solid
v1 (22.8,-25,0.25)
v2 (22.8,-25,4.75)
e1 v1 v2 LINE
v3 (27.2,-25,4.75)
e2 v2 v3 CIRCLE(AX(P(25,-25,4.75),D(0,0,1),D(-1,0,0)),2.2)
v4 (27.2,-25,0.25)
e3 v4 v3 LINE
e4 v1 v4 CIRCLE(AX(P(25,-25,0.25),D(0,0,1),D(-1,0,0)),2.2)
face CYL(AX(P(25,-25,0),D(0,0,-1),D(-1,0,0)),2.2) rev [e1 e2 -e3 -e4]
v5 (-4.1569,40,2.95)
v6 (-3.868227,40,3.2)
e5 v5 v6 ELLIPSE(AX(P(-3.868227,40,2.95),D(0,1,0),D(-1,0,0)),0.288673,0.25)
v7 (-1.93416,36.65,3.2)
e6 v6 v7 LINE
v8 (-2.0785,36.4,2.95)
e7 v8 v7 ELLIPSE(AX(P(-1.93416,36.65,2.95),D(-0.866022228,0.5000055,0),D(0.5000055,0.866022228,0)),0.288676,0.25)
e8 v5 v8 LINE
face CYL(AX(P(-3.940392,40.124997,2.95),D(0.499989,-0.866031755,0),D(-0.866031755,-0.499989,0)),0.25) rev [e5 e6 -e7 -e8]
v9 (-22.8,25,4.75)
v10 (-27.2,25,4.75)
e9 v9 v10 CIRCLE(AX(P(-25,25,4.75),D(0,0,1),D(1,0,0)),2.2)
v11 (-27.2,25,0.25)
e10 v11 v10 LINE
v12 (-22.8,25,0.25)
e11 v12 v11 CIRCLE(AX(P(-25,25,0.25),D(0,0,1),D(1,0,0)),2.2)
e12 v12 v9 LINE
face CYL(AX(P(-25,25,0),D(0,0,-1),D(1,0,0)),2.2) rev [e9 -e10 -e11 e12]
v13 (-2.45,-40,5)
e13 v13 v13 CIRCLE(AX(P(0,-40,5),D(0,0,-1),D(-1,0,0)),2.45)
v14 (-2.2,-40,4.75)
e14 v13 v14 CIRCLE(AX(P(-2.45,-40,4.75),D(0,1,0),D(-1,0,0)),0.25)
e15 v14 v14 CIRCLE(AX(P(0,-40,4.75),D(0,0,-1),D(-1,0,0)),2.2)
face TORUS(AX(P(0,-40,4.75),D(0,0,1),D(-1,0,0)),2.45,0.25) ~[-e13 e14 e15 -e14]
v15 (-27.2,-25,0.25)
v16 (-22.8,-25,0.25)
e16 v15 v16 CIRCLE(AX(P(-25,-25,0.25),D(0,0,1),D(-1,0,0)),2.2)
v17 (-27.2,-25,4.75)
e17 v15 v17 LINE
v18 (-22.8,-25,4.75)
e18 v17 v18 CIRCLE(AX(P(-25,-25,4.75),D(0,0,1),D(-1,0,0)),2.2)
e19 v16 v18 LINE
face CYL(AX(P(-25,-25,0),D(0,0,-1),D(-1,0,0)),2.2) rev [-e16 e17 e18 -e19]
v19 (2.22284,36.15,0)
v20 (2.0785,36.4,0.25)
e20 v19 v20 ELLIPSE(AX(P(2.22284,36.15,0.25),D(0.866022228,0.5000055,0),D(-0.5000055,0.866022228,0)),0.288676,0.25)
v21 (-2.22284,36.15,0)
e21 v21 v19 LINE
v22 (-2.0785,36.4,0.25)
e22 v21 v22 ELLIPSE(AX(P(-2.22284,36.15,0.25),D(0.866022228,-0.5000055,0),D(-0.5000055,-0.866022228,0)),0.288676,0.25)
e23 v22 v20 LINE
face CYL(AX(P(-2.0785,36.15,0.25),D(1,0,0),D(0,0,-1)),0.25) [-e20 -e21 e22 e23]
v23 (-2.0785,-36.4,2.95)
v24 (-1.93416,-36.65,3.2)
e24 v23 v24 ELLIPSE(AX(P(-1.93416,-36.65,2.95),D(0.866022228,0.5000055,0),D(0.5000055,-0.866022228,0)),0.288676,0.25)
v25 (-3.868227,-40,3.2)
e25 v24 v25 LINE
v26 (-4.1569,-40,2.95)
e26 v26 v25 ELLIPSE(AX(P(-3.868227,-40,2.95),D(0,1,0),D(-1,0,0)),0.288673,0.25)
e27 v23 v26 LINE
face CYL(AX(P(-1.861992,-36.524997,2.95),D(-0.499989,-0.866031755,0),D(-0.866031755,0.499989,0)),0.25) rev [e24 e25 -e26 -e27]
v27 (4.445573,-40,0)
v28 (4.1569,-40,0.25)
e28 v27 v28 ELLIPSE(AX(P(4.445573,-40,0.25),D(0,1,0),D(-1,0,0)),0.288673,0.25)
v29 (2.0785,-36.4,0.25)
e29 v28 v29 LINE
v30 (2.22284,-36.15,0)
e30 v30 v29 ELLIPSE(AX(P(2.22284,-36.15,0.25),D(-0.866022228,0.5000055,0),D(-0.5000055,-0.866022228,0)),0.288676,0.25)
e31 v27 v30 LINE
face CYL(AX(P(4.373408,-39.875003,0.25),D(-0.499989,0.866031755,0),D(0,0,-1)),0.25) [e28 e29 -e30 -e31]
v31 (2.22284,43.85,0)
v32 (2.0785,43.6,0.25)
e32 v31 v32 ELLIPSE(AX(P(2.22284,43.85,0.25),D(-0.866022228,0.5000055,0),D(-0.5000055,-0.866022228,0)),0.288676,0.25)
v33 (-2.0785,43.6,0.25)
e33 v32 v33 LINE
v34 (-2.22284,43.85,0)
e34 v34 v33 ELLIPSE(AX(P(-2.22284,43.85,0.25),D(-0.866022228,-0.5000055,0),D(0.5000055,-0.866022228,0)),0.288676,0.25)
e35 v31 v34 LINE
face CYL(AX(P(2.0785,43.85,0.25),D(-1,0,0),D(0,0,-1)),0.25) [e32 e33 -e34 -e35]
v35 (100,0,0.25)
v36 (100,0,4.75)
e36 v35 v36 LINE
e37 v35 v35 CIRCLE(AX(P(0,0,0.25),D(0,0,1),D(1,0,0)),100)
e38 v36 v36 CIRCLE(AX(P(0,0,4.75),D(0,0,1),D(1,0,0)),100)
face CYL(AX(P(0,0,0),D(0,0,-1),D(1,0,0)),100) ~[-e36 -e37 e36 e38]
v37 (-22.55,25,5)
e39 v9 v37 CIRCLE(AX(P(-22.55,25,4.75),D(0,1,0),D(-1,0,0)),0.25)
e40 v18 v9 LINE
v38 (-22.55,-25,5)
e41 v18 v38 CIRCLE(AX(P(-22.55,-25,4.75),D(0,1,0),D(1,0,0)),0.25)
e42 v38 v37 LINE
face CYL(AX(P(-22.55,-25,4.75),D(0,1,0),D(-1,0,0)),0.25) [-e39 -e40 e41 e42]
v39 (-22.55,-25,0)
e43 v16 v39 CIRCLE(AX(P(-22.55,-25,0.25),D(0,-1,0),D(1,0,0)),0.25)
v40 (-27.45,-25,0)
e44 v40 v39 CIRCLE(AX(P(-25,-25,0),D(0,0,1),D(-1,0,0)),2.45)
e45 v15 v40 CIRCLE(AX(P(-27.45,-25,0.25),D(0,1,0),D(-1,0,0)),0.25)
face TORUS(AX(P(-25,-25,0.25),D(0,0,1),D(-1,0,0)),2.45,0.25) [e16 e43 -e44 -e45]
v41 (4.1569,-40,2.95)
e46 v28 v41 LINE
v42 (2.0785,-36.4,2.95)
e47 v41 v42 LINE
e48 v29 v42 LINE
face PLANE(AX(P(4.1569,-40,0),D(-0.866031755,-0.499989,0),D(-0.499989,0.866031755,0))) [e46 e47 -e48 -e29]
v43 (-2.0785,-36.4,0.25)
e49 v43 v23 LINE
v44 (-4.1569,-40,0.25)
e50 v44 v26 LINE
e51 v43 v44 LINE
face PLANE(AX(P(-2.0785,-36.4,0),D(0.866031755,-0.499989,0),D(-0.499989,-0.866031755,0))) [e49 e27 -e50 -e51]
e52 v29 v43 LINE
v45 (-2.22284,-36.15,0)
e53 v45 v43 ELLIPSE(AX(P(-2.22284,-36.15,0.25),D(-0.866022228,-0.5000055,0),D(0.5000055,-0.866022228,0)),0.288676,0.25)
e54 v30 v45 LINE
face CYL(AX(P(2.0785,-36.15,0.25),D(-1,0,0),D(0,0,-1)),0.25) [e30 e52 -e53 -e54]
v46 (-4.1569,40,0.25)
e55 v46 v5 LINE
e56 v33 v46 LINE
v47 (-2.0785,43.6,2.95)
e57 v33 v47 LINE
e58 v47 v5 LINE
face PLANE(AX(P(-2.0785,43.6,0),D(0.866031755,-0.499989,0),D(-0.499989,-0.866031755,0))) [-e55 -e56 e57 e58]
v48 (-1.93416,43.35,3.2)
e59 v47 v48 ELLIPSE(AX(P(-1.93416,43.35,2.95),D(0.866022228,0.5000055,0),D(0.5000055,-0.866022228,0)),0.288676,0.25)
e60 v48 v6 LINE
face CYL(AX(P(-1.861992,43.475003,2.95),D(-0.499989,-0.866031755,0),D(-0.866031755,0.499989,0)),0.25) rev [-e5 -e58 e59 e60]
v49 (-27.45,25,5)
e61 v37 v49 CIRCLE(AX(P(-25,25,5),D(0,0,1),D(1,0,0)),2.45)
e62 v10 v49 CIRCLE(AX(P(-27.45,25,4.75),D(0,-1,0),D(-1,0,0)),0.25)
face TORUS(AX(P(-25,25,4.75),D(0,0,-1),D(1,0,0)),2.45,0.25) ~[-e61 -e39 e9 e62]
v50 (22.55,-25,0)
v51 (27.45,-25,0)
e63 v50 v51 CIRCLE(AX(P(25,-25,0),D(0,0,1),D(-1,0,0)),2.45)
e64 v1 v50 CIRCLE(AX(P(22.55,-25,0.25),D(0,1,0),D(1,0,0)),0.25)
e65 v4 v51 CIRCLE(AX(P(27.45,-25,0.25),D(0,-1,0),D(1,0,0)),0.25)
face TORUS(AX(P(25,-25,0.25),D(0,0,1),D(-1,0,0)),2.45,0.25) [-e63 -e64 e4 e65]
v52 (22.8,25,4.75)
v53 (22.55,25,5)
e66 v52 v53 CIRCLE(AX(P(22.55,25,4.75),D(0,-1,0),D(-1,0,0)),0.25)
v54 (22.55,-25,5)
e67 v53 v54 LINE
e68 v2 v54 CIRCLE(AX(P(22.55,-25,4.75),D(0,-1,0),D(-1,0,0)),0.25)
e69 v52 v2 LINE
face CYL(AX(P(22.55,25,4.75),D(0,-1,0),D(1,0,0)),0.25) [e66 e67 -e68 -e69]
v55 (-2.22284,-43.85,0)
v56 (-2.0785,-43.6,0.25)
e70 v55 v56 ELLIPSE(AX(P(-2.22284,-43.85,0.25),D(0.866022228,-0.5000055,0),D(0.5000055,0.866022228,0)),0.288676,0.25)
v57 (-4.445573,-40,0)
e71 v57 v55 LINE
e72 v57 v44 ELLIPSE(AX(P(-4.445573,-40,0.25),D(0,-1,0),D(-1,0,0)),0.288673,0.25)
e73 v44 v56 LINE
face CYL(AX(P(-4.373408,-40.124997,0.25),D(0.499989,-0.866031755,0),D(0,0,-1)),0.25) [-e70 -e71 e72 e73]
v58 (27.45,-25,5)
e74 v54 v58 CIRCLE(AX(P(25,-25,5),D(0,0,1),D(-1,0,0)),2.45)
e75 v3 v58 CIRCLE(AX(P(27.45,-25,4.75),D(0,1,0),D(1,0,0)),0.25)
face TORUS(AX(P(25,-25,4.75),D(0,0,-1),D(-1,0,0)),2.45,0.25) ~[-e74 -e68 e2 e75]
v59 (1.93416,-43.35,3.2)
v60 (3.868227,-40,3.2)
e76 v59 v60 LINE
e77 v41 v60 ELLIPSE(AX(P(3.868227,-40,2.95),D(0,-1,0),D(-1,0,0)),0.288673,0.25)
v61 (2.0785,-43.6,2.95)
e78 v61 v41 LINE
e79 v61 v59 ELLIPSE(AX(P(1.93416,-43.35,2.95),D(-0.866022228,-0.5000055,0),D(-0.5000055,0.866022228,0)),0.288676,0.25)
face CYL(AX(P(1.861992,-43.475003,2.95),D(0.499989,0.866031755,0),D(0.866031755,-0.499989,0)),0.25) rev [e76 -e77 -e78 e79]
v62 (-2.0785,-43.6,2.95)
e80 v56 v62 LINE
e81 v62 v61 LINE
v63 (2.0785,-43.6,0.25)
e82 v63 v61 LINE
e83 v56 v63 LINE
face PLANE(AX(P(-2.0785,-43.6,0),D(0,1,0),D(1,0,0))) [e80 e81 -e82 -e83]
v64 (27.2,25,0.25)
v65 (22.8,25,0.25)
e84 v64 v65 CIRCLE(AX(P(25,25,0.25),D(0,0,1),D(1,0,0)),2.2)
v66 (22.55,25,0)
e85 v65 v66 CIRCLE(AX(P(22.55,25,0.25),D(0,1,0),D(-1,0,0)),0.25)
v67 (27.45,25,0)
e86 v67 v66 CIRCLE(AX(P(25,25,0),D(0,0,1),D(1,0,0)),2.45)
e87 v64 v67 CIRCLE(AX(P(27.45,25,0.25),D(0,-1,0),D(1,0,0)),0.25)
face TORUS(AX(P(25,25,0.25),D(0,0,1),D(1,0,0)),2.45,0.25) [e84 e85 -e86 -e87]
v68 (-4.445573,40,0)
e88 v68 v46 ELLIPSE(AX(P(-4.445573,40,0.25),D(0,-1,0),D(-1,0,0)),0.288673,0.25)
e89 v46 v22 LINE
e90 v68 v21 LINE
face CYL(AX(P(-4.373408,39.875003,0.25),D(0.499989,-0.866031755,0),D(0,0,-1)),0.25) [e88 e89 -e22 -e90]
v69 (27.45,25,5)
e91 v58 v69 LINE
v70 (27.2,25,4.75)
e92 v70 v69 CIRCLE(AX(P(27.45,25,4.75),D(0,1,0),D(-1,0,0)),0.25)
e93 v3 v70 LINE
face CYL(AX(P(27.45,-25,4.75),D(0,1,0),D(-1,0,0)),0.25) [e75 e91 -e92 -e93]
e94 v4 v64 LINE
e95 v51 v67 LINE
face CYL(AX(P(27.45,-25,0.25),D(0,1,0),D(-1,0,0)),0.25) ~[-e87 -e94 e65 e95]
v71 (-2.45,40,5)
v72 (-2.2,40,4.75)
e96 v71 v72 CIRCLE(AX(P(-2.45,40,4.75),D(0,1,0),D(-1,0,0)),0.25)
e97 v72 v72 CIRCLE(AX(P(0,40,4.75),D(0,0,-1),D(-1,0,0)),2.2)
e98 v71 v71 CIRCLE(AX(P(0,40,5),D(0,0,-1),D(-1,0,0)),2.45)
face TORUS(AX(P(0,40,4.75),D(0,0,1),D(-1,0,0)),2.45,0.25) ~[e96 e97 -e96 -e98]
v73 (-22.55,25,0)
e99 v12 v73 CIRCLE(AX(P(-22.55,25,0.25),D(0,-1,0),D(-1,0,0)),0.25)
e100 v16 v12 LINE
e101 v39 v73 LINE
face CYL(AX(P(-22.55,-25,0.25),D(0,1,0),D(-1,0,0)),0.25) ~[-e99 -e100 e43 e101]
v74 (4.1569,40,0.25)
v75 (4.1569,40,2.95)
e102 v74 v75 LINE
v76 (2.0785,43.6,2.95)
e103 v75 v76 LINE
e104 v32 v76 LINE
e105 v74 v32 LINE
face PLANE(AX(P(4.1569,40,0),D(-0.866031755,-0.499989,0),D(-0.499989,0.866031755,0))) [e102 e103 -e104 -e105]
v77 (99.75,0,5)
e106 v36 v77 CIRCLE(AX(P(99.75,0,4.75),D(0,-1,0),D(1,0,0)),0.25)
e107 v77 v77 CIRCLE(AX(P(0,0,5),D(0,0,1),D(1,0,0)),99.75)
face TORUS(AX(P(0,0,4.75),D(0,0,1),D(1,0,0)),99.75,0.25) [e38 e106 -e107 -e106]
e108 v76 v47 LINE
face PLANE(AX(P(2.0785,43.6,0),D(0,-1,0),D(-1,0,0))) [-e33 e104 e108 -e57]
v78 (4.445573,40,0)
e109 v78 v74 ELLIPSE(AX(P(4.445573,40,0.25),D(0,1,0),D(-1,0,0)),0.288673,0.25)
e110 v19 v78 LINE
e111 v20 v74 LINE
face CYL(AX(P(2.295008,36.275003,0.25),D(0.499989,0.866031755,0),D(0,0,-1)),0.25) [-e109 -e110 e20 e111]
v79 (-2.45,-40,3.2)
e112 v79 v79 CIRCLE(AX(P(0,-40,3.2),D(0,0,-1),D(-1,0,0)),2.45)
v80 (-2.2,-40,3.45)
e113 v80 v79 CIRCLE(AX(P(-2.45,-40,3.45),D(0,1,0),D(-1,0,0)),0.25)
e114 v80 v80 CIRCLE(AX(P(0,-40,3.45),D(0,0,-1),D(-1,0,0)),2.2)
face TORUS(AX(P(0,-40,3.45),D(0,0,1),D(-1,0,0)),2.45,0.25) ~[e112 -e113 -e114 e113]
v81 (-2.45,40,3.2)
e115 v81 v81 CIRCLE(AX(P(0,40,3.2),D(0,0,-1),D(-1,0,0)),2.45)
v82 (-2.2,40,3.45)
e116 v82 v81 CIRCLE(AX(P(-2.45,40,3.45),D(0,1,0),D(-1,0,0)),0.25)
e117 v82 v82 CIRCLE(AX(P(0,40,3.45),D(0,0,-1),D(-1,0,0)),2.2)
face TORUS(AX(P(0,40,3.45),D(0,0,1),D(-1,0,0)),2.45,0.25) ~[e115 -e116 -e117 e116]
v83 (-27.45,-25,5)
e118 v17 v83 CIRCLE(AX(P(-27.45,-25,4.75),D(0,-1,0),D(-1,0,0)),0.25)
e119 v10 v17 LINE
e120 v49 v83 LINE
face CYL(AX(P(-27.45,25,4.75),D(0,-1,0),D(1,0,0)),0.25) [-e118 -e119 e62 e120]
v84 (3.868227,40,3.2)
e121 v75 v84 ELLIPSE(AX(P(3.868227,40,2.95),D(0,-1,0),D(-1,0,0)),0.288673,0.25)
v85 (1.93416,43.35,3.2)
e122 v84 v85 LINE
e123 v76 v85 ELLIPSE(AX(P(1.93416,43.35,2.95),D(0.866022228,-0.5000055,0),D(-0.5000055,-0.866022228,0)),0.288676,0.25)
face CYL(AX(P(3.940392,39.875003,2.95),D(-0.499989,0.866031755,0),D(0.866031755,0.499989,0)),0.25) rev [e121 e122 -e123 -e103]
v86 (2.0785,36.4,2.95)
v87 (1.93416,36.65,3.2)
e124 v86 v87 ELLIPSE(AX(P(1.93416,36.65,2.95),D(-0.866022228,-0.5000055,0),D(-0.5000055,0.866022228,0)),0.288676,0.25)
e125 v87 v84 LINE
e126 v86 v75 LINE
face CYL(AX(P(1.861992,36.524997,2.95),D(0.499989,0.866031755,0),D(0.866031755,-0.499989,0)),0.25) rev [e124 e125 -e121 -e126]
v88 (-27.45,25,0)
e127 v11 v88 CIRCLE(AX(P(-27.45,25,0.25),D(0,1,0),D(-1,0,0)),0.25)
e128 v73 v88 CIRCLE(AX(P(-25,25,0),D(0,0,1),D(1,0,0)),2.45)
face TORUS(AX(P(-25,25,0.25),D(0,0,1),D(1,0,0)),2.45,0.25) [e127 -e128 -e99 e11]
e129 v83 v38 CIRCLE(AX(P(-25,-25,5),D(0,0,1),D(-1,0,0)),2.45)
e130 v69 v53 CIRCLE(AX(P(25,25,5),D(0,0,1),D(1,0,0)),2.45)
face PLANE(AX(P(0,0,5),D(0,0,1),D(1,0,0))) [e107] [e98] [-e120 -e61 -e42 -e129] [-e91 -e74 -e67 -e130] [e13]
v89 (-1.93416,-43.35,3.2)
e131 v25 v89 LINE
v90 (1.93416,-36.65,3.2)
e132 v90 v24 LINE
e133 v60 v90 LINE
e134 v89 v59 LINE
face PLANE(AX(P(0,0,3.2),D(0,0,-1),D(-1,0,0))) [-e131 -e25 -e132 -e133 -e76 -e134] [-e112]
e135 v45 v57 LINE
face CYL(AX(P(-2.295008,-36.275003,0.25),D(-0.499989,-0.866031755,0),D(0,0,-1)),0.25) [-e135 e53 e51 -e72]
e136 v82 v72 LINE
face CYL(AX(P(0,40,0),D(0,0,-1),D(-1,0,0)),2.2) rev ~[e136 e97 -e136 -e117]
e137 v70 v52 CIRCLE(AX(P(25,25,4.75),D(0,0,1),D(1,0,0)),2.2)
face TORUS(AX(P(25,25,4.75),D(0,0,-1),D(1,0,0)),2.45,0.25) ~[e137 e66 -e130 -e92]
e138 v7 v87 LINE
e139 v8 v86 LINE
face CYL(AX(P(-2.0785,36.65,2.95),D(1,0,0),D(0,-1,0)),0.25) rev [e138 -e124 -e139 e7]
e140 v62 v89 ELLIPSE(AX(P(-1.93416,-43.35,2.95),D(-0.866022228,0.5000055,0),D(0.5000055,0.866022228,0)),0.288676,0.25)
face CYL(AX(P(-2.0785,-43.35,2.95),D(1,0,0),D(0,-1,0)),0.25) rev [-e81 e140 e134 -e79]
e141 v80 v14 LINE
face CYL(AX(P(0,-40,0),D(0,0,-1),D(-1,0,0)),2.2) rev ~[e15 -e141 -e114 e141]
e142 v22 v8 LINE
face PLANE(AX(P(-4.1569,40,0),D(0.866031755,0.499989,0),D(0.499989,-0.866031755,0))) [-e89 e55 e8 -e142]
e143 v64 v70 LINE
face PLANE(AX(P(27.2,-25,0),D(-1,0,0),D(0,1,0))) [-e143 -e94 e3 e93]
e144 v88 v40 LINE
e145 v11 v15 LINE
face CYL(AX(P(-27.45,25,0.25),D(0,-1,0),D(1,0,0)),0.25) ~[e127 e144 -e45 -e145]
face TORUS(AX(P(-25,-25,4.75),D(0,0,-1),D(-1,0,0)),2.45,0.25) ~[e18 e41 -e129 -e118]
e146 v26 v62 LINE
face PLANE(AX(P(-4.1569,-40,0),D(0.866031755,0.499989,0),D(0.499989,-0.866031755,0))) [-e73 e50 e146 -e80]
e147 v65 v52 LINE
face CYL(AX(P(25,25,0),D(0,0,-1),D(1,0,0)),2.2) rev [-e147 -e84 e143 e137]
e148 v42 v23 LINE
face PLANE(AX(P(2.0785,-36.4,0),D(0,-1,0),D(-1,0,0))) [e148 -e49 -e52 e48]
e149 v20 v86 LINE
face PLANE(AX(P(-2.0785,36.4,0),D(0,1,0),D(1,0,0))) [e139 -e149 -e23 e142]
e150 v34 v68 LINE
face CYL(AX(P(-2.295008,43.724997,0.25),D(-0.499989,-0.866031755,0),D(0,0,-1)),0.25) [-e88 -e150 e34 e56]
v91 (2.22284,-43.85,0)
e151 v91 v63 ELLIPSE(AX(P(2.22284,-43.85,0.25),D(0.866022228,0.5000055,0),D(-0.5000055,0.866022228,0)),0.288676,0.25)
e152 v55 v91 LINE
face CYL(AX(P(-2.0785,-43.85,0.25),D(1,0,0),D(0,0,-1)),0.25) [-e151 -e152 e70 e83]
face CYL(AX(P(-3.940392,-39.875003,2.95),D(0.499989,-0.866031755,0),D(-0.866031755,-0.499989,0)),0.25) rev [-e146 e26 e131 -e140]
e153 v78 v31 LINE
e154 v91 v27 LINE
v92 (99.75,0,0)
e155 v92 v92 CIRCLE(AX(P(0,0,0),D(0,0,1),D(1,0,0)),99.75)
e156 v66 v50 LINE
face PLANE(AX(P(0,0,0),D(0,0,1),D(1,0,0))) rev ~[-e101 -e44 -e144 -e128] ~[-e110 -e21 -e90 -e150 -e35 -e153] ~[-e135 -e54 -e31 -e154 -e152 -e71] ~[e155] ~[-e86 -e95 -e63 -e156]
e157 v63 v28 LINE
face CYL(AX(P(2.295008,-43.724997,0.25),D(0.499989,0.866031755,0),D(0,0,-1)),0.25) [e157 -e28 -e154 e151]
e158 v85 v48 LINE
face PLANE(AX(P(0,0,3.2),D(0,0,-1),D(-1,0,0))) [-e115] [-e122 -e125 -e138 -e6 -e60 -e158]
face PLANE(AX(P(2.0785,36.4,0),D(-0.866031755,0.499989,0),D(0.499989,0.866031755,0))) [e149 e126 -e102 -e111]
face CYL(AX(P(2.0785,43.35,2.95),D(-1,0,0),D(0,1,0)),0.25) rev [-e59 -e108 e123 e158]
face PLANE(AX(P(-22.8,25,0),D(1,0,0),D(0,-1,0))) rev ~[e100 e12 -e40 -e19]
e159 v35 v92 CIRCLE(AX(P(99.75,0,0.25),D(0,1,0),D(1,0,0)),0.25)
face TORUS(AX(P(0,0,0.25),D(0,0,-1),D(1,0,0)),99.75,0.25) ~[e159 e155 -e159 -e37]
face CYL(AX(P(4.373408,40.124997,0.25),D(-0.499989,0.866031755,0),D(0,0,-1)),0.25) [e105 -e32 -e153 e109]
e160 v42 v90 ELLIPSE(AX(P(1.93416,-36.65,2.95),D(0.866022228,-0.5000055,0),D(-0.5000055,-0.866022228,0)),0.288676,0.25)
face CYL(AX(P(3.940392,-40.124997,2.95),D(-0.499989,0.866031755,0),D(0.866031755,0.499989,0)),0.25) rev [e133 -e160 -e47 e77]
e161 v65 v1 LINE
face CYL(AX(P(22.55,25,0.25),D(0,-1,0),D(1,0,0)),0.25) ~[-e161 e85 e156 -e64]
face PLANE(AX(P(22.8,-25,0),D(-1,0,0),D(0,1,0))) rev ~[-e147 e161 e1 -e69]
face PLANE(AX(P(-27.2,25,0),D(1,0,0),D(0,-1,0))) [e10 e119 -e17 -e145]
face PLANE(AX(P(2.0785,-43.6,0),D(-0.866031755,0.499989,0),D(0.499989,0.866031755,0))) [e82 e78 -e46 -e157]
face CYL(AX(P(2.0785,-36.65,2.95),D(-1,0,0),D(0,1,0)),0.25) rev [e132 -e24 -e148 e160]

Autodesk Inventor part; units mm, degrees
ref_plane "YZ Plane" through (0, 0, 0) normal (1, 0, 0) x (0, 1, 0)
ref_plane "XZ Plane" through (0, 0, 0) normal (0, 1, 0) x (-1, 0, 0)
ref_plane "XY Plane" through (0, 0, 0) normal (0, 0, 1) x (1, 0, 0)
sketch "Sketch1" plane through (0, 0, 0) normal (0, 0, 1) x (1, 0, 0)
  circle A0 centre (0, 0) radius 100
  arc A1 (-22.8, 25) -> (-27.2, 25) centre (-25, 25) ccw
  arc A2 (-27.2, -25) -> (-22.8, -25) centre (-25, -25) ccw
  line L0 (-27.2, 25) -> (-27.2, -25)
  line L1 (-22.8, 25) -> (-22.8, -25)
  arc A3 (22.8, -25) -> (27.2, -25) centre (25, -25) ccw
  arc A4 (27.2, 25) -> (22.8, 25) centre (25, 25) ccw
  line L2 (27.2, -25) -> (27.2, 25)
  line L3 (22.8, -25) -> (22.8, 25)
  line L4 (-25, 25) -> (-25, -25)
  dimension "d0" = 200
  dimension "d1" = 4.4
  dimension "d2" = 4.4
  dimension "d3" = 50
  dimension "d4" = 25
  dimension "d7" = 360
  dimension "d9" = 25
extrude "Extrusion1" add sketch "Sketch1" along normal blind 5
fillet "Fillet1" radius 0.25 18 edges at (-100, 0, 5) (-100, 0, 0) (25, -27.2, 5) (22.8, 0, 5) (25, 27.2, 5) (27.2, 0, 5) (25, 27.2, 0) (27.2, 0, 0) (25, -27.2, 0) (22.8, 0, 0) (-25, -27.2, 5) (-27.2, 0, 5) (-25, 27.2, 5) (-22.8, 0, 5) (-25, -27.2, 0) (-27.2, 0, 0) (-25, 27.2, 0) (-22.8, 0, 0)
sketch "Sketch2" plane through (0, 0, 0) normal (0, 0, -1) x (-1, 0, 0)
  circle A0 centre (0, 40) radius 2.2
  circle A1 centre (0, -40) radius 2.2
  point P0 (0, 0)
  dimension "d13" = 4.4
  dimension "d14" = 4.4
  dimension "d15" = 80
  dimension "d16" = 40
extrude "Extrusion2" cut sketch "Sketch2" against normal up to surface (5 mm away)
sketch "Sketch3" plane through (0, 0, 0) normal (0, 0, -1) x (-1, 0, 0)
  circle A0 centre (0, 40) radius 2.2 projected
  line L0 (-2.0785, 36.4) -> (-4.1569, 40)
  line L1 (-4.1569, 40) -> (-2.0785, 43.6)
  line L2 (-2.0785, 43.6) -> (2.0785, 43.6)
  line L3 (2.0785, 43.6) -> (4.1569, 40)
  line L4 (4.1569, 40) -> (2.0785, 36.4)
  line L5 (2.0785, 36.4) -> (-2.0785, 36.4)
  circle A1 centre (0, -40) radius 2.2 projected
  line L6 (2.0785, -36.4) -> (4.1569, -40)
  line L7 (4.1569, -40) -> (2.0785, -43.6)
  line L8 (2.0785, -43.6) -> (-2.0785, -43.6)
  line L9 (-2.0785, -43.6) -> (-4.1569, -40)
  line L10 (-4.1569, -40) -> (-2.0785, -36.4)
  line L11 (-2.0785, -36.4) -> (2.0785, -36.4)
  point P0 (0, 0)
  dimension "d19" = 7.2
  dimension "d20" = 7.2
extrude "Extrusion3" cut sketch "Sketch3" against normal blind 3.2
fillet "Fillet2" radius 0.25 28 edges at (-3.1177, -38.2, 0) (0, -36.4, 0) (3.1177, -38.2, 0) (3.1177, -41.8, 0) (0, -43.6, 0) (-3.1177, -41.8, 0) (2.2, -40, 3.2) (-3.1177, -38.2, 3.2) (2.2, -40, 5) (0, -36.4, 3.2) (3.1177, -38.2, 3.2) (3.1177, -41.8, 3.2) (0, -43.6, 3.2) (-3.1177, -41.8, 3.2) (-3.1177, 41.8, 0) (-3.1177, 38.2, 0) (0, 43.6, 0) (3.1177, 41.8, 0) (3.1177, 38.2, 0) (0, 36.4, 0) (2.2, 40, 3.2) (2.2, 40, 5) (-3.1177, 41.8, 3.2) (0, 43.6, 3.2) (3.1177, 41.8, 3.2) (3.1177, 38.2, 3.2) (0, 36.4, 3.2) (-3.1177, 38.2, 3.2)
equation "\"d2\" = d1"
equation "\"d4\" = 0.5 * d3"
properties part number "TableStandMiddle"
